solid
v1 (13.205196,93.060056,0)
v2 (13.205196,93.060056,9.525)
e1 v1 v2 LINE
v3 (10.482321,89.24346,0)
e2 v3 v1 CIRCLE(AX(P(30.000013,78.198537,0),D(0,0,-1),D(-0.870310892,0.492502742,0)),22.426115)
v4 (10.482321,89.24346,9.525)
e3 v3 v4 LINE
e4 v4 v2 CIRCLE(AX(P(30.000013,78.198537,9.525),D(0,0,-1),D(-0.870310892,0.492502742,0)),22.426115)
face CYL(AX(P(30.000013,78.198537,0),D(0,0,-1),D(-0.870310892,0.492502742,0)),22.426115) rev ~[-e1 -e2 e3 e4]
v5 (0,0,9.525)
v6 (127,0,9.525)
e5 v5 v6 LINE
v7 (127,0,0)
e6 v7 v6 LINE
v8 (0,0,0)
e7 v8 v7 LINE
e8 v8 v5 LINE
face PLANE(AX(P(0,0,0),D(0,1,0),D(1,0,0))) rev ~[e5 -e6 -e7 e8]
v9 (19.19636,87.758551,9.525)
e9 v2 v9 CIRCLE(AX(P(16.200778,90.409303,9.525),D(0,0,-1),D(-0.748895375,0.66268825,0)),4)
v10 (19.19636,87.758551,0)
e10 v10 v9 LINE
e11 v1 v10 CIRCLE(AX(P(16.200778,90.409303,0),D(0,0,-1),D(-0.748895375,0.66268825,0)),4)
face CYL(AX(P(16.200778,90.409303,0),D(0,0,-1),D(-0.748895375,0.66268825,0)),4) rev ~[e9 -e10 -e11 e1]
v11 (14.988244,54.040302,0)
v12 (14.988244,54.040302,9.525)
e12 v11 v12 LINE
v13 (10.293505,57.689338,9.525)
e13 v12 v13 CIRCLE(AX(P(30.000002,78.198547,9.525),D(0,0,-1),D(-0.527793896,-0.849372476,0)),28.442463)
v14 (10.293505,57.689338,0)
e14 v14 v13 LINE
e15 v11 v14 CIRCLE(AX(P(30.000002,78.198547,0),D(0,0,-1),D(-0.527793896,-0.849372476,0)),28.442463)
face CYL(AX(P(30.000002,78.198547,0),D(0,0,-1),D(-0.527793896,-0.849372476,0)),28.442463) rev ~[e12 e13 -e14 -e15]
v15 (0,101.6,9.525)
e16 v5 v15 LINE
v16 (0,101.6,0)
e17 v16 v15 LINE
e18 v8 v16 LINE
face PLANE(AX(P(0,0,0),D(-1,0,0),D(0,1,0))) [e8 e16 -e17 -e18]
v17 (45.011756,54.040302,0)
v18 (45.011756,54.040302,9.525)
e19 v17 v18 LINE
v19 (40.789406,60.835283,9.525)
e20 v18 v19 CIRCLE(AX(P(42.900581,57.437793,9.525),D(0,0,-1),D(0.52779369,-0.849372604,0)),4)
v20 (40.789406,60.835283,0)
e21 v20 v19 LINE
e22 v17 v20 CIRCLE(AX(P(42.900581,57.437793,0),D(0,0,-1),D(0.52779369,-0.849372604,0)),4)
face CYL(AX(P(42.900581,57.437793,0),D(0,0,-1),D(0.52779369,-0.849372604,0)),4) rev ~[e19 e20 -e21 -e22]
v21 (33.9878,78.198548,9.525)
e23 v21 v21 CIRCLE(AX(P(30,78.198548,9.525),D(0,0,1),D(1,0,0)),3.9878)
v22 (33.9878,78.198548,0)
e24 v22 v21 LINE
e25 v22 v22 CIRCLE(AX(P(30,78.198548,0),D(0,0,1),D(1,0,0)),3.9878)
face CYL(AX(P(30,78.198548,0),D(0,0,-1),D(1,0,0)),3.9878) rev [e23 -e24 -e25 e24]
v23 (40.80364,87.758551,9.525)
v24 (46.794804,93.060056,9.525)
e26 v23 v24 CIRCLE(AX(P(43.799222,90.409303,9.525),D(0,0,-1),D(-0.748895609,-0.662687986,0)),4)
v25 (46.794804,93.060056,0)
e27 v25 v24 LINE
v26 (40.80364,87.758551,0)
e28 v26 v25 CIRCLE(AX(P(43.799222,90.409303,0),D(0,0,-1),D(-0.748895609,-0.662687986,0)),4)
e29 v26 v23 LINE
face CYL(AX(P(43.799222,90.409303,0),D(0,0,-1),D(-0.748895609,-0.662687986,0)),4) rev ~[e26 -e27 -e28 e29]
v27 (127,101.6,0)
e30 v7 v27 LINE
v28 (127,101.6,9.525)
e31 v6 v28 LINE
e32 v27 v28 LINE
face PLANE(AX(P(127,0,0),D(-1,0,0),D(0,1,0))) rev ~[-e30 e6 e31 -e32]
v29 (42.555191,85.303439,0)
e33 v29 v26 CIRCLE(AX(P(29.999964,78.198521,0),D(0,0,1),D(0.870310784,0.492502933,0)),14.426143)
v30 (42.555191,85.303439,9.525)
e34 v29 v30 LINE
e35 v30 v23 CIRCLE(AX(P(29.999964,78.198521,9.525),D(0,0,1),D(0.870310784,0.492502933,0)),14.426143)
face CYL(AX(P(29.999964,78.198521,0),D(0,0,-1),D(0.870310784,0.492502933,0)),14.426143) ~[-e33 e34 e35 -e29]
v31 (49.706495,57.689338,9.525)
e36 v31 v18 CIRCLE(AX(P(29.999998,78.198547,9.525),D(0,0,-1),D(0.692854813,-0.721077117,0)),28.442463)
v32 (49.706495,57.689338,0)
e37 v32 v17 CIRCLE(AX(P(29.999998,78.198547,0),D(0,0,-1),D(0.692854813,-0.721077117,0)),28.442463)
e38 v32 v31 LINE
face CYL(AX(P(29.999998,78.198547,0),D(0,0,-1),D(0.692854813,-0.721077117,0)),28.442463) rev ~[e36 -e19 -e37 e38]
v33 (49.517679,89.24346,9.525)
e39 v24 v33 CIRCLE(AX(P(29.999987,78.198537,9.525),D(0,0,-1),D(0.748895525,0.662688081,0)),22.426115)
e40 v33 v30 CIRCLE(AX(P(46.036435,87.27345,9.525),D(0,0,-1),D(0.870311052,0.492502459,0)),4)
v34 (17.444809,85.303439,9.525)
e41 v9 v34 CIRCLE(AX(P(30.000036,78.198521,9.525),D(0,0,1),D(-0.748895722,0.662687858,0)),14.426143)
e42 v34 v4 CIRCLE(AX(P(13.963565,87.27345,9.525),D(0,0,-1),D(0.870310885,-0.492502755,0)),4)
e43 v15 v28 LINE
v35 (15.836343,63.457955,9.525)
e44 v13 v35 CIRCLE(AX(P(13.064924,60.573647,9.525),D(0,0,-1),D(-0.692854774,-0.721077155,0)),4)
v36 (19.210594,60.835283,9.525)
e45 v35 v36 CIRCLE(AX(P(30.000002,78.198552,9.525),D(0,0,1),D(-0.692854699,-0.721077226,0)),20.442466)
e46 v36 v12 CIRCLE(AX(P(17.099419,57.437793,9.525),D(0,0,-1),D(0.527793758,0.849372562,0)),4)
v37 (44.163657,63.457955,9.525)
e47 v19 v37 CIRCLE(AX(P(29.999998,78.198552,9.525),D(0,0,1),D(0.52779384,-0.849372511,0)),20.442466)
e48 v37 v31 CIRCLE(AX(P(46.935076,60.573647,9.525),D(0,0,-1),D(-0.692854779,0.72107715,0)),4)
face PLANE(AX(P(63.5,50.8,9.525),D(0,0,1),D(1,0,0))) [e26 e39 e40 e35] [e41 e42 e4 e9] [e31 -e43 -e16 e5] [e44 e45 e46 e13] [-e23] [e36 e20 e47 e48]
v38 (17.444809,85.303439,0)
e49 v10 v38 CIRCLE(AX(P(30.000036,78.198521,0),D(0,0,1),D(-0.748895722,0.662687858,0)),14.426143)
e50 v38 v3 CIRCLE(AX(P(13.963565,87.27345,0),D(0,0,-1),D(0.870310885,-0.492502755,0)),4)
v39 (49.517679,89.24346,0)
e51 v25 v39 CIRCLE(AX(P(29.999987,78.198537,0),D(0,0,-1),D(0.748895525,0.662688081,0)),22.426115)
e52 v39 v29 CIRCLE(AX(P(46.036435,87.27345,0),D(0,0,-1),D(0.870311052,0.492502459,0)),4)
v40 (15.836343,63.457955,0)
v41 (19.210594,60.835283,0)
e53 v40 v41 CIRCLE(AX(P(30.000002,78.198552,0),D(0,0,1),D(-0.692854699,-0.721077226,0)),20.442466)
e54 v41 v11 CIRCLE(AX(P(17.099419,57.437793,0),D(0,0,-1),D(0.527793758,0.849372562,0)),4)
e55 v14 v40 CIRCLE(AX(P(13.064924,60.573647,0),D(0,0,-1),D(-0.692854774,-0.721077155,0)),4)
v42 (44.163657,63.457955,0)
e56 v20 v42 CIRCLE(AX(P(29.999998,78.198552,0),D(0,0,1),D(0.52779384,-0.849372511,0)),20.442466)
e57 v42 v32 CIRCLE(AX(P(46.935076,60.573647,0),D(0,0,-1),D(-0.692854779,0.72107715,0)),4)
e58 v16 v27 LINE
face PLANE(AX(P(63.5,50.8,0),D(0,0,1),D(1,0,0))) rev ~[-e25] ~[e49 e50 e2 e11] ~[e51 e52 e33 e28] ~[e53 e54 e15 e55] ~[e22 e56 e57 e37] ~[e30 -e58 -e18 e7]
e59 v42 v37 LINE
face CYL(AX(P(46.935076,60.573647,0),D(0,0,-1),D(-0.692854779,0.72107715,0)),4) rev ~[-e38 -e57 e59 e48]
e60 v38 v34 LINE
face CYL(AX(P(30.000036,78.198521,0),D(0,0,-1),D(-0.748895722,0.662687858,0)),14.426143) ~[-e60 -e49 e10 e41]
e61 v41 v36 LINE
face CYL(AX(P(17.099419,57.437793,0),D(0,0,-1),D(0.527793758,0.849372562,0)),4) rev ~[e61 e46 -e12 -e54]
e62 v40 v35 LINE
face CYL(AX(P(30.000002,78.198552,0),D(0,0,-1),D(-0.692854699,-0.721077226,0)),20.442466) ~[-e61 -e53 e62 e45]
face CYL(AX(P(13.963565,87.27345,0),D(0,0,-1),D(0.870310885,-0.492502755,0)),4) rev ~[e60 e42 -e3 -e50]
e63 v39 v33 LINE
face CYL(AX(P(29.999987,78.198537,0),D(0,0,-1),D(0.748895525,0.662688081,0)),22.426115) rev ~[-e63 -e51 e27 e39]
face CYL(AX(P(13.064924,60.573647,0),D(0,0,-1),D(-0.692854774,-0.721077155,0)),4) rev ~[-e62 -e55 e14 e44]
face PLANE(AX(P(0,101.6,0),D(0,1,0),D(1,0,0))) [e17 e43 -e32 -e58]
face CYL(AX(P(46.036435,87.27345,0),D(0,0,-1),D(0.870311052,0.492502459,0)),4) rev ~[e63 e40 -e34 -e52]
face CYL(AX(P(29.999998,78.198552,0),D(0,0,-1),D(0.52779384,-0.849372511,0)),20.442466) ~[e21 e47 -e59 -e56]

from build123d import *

# Parameters (mm, degrees)
F0_W     = 127
F0_H     = 101.6
F0_R     = 3.9878
F1_DEPTH = 9.525


with BuildPart() as f1:
    # F0 (on Top) → F1 (new body)
    with BuildSketch(Plane.XY):
        with Locations((63.5, 50.8)):
            Rectangle(F0_W, F0_H)
        with BuildLine():
            ThreePointArc((14.988244, 54.040302), (12.545255, 55.7418), (10.293505, 57.689338))
            ThreePointArc((10.293505, 57.689338), (10.180615, 63.345065), (15.836343, 63.457955))
            ThreePointArc((15.836343, 63.457955), (17.454745, 62.0582), (19.210594, 60.835283))
            ThreePointArc((19.210594, 60.835283), (20.496909, 55.326617), (14.988244, 54.040302))
        make_face(mode=Mode.SUBTRACT)
        with BuildLine():
            ThreePointArc((45.011756, 54.040302), (39.503091, 55.326617), (40.789406, 60.835283))
            ThreePointArc((40.789406, 60.835283), (42.545255, 62.0582), (44.163657, 63.457955))
            ThreePointArc((44.163657, 63.457955), (49.819385, 63.345065), (49.706495, 57.689338))
            ThreePointArc((49.706495, 57.689338), (47.454745, 55.7418), (45.011756, 54.040302))
        make_face(mode=Mode.SUBTRACT)
        with BuildLine():
            ThreePointArc((10.482321, 89.24346), (11.743749, 91.223108), (13.205196, 93.060056))
            ThreePointArc((13.205196, 93.060056), (18.85153, 93.404885), (19.19636, 87.758551))
            ThreePointArc((19.19636, 87.758551), (18.256251, 86.576892), (17.444809, 85.303439))
            ThreePointArc((17.444809, 85.303439), (11.993555, 83.792206), (10.482321, 89.24346))
        make_face(mode=Mode.SUBTRACT)
        with Locations((30, 78.198548)):
            Circle(F0_R, mode=Mode.SUBTRACT)
        with BuildLine():
            ThreePointArc((40.80364, 87.758551), (41.14847, 93.404885), (46.794804, 93.060056))
            ThreePointArc((46.794804, 93.060056), (48.256251, 91.223108), (49.517679, 89.24346))
            ThreePointArc((49.517679, 89.24346), (48.006445, 83.792206), (42.555191, 85.303439))
            ThreePointArc((42.555191, 85.303439), (41.743749, 86.576892), (40.80364, 87.758551))
        make_face(mode=Mode.SUBTRACT)
    extrude(amount=F1_DEPTH)


solid = f1.part
